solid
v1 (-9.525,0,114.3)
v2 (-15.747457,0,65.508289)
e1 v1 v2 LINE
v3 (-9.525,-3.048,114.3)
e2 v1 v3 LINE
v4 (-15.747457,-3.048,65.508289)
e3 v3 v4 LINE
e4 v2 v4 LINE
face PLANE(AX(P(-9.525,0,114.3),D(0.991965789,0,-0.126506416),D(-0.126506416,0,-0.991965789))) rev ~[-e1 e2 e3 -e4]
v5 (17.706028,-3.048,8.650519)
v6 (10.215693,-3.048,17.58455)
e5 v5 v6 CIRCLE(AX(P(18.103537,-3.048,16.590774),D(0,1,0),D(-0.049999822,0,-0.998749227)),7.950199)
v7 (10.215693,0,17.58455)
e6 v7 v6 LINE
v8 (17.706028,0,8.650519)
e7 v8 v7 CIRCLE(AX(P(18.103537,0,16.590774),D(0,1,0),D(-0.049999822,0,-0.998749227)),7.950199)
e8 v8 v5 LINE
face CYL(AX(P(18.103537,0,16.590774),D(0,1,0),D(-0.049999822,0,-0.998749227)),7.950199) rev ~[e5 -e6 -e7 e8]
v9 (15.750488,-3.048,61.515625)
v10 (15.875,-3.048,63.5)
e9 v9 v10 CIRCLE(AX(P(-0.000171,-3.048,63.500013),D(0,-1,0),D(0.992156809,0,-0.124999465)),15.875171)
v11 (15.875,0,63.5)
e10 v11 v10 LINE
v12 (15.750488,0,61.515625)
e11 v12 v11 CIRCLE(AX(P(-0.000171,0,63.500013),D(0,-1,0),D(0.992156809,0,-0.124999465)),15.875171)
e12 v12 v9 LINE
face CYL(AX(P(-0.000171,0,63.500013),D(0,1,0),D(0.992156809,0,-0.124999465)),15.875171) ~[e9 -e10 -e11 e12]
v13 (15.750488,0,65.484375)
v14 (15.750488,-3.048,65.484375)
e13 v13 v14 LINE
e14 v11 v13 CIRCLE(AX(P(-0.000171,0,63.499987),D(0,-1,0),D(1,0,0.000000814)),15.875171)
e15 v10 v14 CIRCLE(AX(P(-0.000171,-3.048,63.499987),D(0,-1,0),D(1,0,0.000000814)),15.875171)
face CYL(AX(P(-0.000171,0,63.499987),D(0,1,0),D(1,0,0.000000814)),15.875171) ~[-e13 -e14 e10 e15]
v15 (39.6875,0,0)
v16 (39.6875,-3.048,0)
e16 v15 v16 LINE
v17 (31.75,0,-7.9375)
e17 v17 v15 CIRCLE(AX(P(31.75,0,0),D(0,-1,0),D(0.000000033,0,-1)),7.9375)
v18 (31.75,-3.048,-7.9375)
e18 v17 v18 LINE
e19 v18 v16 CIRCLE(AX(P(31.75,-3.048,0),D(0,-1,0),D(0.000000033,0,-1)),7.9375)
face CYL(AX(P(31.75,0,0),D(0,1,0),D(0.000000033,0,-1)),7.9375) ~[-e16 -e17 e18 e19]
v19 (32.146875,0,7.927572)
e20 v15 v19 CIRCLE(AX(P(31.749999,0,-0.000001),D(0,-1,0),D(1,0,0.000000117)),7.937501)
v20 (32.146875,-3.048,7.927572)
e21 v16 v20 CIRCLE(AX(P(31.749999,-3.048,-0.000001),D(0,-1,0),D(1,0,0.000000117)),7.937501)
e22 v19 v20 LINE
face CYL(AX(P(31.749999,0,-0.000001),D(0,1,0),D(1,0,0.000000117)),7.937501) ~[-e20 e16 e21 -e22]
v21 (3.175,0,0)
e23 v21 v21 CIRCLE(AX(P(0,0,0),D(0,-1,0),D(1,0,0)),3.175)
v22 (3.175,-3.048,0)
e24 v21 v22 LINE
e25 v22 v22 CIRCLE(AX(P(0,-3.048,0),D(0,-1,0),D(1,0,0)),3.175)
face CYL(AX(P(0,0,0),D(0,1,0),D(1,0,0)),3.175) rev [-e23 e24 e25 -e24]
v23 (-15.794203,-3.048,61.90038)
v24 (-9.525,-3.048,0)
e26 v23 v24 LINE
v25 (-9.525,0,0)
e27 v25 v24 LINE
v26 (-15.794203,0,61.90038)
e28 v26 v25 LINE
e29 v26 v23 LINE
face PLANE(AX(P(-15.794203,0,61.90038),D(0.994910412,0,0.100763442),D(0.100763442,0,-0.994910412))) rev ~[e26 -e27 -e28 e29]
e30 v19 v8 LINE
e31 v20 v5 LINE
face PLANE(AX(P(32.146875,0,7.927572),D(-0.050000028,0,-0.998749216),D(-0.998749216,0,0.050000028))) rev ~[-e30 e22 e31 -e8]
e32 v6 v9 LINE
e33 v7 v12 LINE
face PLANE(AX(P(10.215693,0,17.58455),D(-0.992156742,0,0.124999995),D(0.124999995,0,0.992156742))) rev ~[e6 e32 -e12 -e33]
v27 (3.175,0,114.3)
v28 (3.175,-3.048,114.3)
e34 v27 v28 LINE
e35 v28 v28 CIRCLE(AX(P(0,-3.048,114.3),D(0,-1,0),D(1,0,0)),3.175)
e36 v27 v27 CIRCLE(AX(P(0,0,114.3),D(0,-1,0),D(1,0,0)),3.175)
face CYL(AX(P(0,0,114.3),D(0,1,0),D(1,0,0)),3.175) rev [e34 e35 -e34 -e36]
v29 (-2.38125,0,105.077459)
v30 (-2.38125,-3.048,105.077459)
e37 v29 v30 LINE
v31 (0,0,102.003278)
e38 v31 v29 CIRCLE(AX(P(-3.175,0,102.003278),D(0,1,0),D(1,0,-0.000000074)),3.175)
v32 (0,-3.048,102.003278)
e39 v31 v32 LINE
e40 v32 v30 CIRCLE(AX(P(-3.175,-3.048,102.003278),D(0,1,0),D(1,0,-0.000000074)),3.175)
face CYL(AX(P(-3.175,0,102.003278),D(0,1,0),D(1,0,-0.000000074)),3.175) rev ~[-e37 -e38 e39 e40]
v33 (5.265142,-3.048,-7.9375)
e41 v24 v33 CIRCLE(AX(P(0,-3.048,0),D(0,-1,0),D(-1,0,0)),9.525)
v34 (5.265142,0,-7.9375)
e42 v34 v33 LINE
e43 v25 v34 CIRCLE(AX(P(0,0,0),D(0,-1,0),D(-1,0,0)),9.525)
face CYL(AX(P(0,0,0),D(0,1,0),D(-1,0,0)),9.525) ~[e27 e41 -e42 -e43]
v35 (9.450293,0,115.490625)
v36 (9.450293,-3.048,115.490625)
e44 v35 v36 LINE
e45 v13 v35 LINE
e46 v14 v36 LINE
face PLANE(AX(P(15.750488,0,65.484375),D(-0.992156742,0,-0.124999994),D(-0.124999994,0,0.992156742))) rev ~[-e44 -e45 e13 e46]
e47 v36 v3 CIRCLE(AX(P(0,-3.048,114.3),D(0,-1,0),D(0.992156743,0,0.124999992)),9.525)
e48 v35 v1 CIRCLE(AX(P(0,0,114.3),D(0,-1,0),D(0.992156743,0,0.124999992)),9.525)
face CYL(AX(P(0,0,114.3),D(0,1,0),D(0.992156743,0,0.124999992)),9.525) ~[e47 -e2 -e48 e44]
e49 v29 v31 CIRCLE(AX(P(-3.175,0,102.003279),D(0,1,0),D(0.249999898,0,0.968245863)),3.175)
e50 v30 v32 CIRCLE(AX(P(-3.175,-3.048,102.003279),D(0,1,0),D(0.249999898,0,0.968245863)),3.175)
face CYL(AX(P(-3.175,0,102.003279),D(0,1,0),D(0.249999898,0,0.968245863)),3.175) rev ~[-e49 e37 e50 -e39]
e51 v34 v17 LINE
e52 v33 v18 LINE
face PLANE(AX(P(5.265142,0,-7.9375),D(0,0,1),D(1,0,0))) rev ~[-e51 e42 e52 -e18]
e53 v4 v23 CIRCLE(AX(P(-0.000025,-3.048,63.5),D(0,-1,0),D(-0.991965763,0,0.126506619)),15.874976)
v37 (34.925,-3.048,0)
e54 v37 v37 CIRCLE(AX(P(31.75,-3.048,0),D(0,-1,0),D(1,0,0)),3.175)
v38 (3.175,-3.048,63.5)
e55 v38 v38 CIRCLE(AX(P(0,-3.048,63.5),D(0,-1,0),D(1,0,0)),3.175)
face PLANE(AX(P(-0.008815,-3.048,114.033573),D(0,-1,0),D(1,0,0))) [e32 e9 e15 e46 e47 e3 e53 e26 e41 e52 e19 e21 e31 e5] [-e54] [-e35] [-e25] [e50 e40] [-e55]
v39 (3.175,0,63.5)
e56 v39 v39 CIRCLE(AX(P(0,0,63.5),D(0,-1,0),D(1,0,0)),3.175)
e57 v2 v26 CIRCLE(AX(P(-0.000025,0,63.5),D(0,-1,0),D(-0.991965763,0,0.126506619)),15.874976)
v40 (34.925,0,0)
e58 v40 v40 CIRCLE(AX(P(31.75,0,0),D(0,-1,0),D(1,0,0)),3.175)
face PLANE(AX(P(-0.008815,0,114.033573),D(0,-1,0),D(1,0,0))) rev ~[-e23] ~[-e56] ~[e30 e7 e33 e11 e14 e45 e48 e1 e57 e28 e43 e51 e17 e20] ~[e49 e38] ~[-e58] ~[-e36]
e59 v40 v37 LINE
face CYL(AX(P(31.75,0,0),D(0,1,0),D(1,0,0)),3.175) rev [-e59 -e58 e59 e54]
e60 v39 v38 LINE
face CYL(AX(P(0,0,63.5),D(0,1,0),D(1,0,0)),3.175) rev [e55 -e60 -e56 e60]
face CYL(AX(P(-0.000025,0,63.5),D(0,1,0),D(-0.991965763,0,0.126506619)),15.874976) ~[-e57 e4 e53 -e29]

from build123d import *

# Parameters (mm, degrees)
F0_R     = 3.175
F1_DEPTH = 3.048


with BuildPart() as f1:
    # F0 (on Front) → F1 (new body)
    with BuildSketch(Plane.XZ):
        with BuildLine():
            ThreePointArc((-2.38125, 105.077459), (5.832847, 106.769826), (9.525, 114.3))
            ThreePointArc((9.525, 114.3), (9.506305, 114.896483), (9.450293, 115.490625))
            ThreePointArc((9.450293, 115.490625), (-0.596483, 123.806305), (-9.525, 114.3))
            ThreePointArc((-9.525, 114.3), (-7.530174, 108.467153), (-2.38125, 105.077459))
        make_face()
        with Locations((0, 114.3)):
            Circle(F0_R, mode=Mode.SUBTRACT)
        with BuildLine():
            ThreePointArc((9.450293, 115.490625), (9.506305, 114.896483), (9.525, 114.3))
            ThreePointArc((9.525, 114.3), (5.832847, 106.769826), (-2.38125, 105.077459))
            ThreePointArc((-2.38125, 105.077459), (-7.530174, 108.467153), (-9.525, 114.3))
            Line((-9.525, 114.3), (-15.747457, 65.508289))
            ThreePointArc((-15.747457, 65.508289), (0.012053, 79.374995), (15.750488, 65.484375))
            Line((15.750488, 65.484375), (9.450293, 115.490625))
        make_face()
        with BuildLine():
            ThreePointArc((0, 102.003278), (-5.685058, 100.058995), (-2.38125, 105.077459))
            ThreePointArc((-2.38125, 105.077459), (-0.664942, 103.947561), (0, 102.003278))
        make_face(mode=Mode.SUBTRACT)
        with BuildLine():
            ThreePointArc((15.875, 63.5), (15.843841, 64.494139), (15.750488, 65.484375))
            ThreePointArc((15.750488, 65.484375), (0.012053, 79.374995), (-15.747457, 65.508289))
            ThreePointArc((-15.747457, 65.508289), (-15.873668, 63.705667), (-15.794203, 61.90038))
            ThreePointArc((-15.794203, 61.90038), (-0.193615, 47.626181), (15.750488, 61.515625))
            ThreePointArc((15.750488, 61.515625), (15.843841, 62.505861), (15.875, 63.5))
        make_face()
        with Locations((0, 63.5)):
            Circle(F0_R, mode=Mode.SUBTRACT)
        with BuildLine():
            ThreePointArc((15.750488, 61.515625), (-0.193615, 47.626181), (-15.794203, 61.90038))
            Line((-15.794203, 61.90038), (-9.525, 0))
            ThreePointArc((-9.525, 0), (0, 9.525), (9.525, 0))
            ThreePointArc((9.525, 0), (8.392738, -4.504173), (5.265142, -7.9375))
            Line((5.265142, -7.9375), (31.75, -7.9375))
            ThreePointArc((31.75, -7.9375), (23.814982, 0.1985), (32.146875, 7.927572))
            Line((32.146875, 7.927572), (17.706028, 8.650519))
            ThreePointArc((17.706028, 8.650519), (12.011247, 11.482969), (10.215693, 17.58455))
            Line((10.215693, 17.58455), (15.750488, 61.515625))
        make_face()
        with BuildLine():
            ThreePointArc((9.525, 0), (0, 9.525), (-9.525, 0))
            ThreePointArc((-9.525, 0), (-4.504173, -8.392738), (5.265142, -7.9375))
            ThreePointArc((5.265142, -7.9375), (8.392738, -4.504173), (9.525, 0))
        make_face()
        Circle(F0_R, mode=Mode.SUBTRACT)
        with BuildLine():
            ThreePointArc((32.146875, 7.927572), (23.814982, 0.1985), (31.75, -7.9375))
            ThreePointArc((31.75, -7.9375), (37.36266, -5.61266), (39.6875, 0))
            ThreePointArc((39.6875, 0), (37.501265, 5.470544), (32.146875, 7.927572))
        make_face()
        with Locations((31.75, 0)):
            Circle(F0_R, mode=Mode.SUBTRACT)
    extrude(amount=F1_DEPTH)


solid = f1.part
